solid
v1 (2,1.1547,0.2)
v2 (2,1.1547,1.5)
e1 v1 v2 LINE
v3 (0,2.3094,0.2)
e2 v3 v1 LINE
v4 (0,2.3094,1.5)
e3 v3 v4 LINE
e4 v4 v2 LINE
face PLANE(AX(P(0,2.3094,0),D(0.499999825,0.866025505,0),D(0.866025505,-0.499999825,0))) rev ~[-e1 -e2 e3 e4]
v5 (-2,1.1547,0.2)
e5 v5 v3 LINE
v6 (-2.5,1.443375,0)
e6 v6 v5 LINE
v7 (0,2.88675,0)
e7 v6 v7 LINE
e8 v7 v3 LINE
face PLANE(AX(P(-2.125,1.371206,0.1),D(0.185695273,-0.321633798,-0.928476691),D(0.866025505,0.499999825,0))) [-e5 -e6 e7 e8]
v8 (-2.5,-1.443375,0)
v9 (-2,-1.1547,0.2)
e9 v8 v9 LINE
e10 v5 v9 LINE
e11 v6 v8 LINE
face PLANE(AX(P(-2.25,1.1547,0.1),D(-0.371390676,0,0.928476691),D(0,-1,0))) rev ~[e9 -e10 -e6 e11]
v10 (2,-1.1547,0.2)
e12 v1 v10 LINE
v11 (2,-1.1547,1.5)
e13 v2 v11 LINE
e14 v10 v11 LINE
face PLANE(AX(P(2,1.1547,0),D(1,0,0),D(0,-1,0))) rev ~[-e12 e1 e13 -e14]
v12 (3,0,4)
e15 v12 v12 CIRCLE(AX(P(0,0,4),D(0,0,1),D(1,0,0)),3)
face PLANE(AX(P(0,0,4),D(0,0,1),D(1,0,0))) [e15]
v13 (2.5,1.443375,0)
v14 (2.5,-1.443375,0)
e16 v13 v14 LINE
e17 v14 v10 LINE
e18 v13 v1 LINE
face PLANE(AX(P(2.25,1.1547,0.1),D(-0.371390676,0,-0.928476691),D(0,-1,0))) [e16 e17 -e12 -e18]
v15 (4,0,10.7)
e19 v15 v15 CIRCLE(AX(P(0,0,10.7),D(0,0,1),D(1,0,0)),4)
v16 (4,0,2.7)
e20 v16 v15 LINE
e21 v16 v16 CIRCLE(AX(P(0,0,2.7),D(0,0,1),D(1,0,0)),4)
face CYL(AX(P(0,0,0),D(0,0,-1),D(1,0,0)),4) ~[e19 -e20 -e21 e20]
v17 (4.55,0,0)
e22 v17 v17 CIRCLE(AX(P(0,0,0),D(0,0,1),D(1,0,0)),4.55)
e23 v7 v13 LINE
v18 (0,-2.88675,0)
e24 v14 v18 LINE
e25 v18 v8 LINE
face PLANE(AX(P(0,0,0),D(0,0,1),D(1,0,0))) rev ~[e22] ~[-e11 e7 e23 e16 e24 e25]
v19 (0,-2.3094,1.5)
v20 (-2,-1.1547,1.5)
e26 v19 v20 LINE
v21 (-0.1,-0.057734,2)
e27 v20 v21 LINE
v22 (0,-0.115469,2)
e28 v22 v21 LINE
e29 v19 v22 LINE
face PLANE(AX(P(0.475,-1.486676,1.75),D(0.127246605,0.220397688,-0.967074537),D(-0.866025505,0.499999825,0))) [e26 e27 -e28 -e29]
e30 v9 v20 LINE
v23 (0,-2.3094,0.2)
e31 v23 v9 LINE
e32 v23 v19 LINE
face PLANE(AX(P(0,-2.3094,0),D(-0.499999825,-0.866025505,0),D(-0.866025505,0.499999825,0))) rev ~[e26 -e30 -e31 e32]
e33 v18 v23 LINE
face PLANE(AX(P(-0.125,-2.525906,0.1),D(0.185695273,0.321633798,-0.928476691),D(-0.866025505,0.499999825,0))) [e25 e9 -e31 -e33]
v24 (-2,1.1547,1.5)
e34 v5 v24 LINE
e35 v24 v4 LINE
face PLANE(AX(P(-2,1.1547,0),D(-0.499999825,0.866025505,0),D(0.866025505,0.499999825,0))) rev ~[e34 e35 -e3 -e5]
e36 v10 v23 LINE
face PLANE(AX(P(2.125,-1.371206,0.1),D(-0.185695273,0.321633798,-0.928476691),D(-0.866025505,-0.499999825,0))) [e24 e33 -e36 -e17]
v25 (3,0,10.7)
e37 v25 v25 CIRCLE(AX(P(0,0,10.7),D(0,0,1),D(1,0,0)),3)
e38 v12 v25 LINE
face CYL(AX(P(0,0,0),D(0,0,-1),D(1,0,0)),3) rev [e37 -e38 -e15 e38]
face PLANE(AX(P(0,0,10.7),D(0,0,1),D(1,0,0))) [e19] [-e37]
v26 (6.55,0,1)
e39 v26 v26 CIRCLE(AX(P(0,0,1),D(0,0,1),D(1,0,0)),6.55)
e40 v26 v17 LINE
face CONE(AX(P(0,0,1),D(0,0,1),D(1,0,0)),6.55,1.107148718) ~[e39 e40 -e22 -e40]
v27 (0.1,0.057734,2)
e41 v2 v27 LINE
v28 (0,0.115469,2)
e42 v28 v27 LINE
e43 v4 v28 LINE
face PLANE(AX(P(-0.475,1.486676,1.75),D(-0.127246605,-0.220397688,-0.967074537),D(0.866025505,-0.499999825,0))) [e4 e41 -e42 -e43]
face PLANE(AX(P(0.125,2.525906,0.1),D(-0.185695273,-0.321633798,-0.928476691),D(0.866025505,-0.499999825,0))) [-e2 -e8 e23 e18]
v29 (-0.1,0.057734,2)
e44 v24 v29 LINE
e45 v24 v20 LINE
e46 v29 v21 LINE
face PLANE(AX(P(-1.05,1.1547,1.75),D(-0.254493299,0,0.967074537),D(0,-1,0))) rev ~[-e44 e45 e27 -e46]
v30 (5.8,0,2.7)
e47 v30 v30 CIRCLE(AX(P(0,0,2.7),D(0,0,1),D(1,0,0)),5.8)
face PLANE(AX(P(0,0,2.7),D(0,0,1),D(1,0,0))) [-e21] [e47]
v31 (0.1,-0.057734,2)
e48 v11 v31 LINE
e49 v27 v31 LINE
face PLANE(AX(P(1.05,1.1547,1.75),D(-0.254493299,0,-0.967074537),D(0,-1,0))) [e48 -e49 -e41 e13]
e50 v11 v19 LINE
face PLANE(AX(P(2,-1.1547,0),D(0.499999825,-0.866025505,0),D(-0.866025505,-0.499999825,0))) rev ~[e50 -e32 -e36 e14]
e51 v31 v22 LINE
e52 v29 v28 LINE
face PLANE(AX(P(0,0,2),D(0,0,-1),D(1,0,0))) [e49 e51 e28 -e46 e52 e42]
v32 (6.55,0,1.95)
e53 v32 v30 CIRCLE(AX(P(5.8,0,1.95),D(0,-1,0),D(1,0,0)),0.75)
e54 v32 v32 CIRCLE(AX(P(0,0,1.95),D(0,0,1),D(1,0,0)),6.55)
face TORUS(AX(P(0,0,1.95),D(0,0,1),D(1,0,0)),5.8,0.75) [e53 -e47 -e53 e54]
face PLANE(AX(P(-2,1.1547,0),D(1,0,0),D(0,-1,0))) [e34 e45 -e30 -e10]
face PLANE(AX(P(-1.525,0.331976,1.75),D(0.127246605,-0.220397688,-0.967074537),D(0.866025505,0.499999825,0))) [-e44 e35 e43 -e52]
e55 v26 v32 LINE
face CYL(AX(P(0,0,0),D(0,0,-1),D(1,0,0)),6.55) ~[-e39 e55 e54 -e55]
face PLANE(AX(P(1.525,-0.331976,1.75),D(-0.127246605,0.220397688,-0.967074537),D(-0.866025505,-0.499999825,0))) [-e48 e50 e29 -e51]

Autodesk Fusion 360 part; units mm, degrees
sketch "Sketch1" plane through (0, 0, 0) normal (0, 0, 1) x (1, 0, 0)
  circle A0 centre (0, 0) radius 4
  circle A1 centre (0, 0) radius 3
  circle A2 centre (0, 0) radius 6.55
  dimension "d1" = 8
  dimension "d2" = 6
  dimension "d3" = 13.1
extrude "Extrude1" add sketch "Sketch1" along normal blind 2.7 makes body 1 at (6.5419, -0.3265, 1.8) makes body 2 at (2.9963, -0.1495, 1.8)
extrude "Extrude2" add 1 faces at (-1.1591, 0.5829, 2.7) along direction (0, 0, 1) blind 1.3 on bodies 2 bodies 2
extrude "Extrude3" add sketch "Sketch1" along normal blind 10.7 contours A0 bodies 1 2
sketch "Sketch2" plane through (0, 0, 0) normal (0, 0, -1) x (1, 0, 0)
  circle A0 centre (0, 0) radius 6.55
  line L0 (-2, 0) -> (2, 0) construction
  line L1 (1, -1.7321) -> (-1, 1.7321) construction
  line L2 (1, 1.7321) -> (-1, -1.7321) construction
  line L3 (-2, -2.5) -> (-2, 2.5) construction
  line L4 (-2, 2.5) -> (2, 2.5) construction
  line L5 (2, 2.5) -> (2, -2.5) construction
  line L6 (2, -2.5) -> (-2, -2.5) construction
  line L7 (-1, -1.7321) -> (-2, -1.1547) construction
  line L8 (-1, 1.7321) -> (-2, 1.1547) construction
  line L9 (-2, -1.1547) -> (-2, 1.1547)
  line L10 (1, -1.7321) -> (2, -1.1547) construction
  line L11 (1, 1.7321) -> (2, 1.1547) construction
  line L12 (-2, -1.1547) -> (0, -2.3094)
  line L13 (0, -2.3094) -> (2, -1.1547)
  line L14 (2, 1.1547) -> (0, 2.3094)
  line L15 (0, 2.3094) -> (-2, 1.1547)
  line L16 (2, -1.1547) -> (2, 1.1547)
  dimension "d10" = 4
  dimension "d12" = 360
extrude "Extrude4" cut sketch "Sketch2" against normal blind 2 contours L9 L12 L13 L14 L15 L16 bodies 1
chamfer "Chamfer1" distance 0.5 distance2 1.9 6 edges at (-1, 1.7321, 2) (1, 1.7321, 2) (2, 0, 2) (1, -1.7321, 2) (-2, 0, 2) (-1, -1.7321, 2) measured on face at (-1.3333, 1.5396, 0.6667) measured on face at (0.6667, 1.9245, 0.6667) measured on face at (2, 0.3849, 0.6667) measured on face at (1.3333, -1.5396, 0.6667) measured on face at (-2, 0.3849, 0.6667) measured on face at (-0.6667, -1.9245, 0.6667) on bodies 1
chamfer "Chamfer2" distance 0.5 distance2 0.2 6 edges at (2, 0, 0) (1, -1.7321, 0) (-1, -1.7321, 0) (-2, 0, 0) (-1, 1.7321, 0) (1, 1.7321, 0) measured on face at (1.7583, -3.0455, 0) measured on face at (1.7583, -3.0455, 0) measured on face at (1.7583, -3.0455, 0) measured on face at (1.7583, -3.0455, 0) measured on face at (1.7583, -3.0455, 0) measured on face at (1.7583, -3.0455, 0) on bodies 1
chamfer "Chamfer3" distance 1 distance2 2 1 edges at (-6.1067, -2.3686, 0) measured on face at (6.5419, -0.3265, 1.8) on bodies 1
fillet "Fillet1" radius 0.75 1 edges at (-6.1067, -2.3686, 2.7) on bodies 1
